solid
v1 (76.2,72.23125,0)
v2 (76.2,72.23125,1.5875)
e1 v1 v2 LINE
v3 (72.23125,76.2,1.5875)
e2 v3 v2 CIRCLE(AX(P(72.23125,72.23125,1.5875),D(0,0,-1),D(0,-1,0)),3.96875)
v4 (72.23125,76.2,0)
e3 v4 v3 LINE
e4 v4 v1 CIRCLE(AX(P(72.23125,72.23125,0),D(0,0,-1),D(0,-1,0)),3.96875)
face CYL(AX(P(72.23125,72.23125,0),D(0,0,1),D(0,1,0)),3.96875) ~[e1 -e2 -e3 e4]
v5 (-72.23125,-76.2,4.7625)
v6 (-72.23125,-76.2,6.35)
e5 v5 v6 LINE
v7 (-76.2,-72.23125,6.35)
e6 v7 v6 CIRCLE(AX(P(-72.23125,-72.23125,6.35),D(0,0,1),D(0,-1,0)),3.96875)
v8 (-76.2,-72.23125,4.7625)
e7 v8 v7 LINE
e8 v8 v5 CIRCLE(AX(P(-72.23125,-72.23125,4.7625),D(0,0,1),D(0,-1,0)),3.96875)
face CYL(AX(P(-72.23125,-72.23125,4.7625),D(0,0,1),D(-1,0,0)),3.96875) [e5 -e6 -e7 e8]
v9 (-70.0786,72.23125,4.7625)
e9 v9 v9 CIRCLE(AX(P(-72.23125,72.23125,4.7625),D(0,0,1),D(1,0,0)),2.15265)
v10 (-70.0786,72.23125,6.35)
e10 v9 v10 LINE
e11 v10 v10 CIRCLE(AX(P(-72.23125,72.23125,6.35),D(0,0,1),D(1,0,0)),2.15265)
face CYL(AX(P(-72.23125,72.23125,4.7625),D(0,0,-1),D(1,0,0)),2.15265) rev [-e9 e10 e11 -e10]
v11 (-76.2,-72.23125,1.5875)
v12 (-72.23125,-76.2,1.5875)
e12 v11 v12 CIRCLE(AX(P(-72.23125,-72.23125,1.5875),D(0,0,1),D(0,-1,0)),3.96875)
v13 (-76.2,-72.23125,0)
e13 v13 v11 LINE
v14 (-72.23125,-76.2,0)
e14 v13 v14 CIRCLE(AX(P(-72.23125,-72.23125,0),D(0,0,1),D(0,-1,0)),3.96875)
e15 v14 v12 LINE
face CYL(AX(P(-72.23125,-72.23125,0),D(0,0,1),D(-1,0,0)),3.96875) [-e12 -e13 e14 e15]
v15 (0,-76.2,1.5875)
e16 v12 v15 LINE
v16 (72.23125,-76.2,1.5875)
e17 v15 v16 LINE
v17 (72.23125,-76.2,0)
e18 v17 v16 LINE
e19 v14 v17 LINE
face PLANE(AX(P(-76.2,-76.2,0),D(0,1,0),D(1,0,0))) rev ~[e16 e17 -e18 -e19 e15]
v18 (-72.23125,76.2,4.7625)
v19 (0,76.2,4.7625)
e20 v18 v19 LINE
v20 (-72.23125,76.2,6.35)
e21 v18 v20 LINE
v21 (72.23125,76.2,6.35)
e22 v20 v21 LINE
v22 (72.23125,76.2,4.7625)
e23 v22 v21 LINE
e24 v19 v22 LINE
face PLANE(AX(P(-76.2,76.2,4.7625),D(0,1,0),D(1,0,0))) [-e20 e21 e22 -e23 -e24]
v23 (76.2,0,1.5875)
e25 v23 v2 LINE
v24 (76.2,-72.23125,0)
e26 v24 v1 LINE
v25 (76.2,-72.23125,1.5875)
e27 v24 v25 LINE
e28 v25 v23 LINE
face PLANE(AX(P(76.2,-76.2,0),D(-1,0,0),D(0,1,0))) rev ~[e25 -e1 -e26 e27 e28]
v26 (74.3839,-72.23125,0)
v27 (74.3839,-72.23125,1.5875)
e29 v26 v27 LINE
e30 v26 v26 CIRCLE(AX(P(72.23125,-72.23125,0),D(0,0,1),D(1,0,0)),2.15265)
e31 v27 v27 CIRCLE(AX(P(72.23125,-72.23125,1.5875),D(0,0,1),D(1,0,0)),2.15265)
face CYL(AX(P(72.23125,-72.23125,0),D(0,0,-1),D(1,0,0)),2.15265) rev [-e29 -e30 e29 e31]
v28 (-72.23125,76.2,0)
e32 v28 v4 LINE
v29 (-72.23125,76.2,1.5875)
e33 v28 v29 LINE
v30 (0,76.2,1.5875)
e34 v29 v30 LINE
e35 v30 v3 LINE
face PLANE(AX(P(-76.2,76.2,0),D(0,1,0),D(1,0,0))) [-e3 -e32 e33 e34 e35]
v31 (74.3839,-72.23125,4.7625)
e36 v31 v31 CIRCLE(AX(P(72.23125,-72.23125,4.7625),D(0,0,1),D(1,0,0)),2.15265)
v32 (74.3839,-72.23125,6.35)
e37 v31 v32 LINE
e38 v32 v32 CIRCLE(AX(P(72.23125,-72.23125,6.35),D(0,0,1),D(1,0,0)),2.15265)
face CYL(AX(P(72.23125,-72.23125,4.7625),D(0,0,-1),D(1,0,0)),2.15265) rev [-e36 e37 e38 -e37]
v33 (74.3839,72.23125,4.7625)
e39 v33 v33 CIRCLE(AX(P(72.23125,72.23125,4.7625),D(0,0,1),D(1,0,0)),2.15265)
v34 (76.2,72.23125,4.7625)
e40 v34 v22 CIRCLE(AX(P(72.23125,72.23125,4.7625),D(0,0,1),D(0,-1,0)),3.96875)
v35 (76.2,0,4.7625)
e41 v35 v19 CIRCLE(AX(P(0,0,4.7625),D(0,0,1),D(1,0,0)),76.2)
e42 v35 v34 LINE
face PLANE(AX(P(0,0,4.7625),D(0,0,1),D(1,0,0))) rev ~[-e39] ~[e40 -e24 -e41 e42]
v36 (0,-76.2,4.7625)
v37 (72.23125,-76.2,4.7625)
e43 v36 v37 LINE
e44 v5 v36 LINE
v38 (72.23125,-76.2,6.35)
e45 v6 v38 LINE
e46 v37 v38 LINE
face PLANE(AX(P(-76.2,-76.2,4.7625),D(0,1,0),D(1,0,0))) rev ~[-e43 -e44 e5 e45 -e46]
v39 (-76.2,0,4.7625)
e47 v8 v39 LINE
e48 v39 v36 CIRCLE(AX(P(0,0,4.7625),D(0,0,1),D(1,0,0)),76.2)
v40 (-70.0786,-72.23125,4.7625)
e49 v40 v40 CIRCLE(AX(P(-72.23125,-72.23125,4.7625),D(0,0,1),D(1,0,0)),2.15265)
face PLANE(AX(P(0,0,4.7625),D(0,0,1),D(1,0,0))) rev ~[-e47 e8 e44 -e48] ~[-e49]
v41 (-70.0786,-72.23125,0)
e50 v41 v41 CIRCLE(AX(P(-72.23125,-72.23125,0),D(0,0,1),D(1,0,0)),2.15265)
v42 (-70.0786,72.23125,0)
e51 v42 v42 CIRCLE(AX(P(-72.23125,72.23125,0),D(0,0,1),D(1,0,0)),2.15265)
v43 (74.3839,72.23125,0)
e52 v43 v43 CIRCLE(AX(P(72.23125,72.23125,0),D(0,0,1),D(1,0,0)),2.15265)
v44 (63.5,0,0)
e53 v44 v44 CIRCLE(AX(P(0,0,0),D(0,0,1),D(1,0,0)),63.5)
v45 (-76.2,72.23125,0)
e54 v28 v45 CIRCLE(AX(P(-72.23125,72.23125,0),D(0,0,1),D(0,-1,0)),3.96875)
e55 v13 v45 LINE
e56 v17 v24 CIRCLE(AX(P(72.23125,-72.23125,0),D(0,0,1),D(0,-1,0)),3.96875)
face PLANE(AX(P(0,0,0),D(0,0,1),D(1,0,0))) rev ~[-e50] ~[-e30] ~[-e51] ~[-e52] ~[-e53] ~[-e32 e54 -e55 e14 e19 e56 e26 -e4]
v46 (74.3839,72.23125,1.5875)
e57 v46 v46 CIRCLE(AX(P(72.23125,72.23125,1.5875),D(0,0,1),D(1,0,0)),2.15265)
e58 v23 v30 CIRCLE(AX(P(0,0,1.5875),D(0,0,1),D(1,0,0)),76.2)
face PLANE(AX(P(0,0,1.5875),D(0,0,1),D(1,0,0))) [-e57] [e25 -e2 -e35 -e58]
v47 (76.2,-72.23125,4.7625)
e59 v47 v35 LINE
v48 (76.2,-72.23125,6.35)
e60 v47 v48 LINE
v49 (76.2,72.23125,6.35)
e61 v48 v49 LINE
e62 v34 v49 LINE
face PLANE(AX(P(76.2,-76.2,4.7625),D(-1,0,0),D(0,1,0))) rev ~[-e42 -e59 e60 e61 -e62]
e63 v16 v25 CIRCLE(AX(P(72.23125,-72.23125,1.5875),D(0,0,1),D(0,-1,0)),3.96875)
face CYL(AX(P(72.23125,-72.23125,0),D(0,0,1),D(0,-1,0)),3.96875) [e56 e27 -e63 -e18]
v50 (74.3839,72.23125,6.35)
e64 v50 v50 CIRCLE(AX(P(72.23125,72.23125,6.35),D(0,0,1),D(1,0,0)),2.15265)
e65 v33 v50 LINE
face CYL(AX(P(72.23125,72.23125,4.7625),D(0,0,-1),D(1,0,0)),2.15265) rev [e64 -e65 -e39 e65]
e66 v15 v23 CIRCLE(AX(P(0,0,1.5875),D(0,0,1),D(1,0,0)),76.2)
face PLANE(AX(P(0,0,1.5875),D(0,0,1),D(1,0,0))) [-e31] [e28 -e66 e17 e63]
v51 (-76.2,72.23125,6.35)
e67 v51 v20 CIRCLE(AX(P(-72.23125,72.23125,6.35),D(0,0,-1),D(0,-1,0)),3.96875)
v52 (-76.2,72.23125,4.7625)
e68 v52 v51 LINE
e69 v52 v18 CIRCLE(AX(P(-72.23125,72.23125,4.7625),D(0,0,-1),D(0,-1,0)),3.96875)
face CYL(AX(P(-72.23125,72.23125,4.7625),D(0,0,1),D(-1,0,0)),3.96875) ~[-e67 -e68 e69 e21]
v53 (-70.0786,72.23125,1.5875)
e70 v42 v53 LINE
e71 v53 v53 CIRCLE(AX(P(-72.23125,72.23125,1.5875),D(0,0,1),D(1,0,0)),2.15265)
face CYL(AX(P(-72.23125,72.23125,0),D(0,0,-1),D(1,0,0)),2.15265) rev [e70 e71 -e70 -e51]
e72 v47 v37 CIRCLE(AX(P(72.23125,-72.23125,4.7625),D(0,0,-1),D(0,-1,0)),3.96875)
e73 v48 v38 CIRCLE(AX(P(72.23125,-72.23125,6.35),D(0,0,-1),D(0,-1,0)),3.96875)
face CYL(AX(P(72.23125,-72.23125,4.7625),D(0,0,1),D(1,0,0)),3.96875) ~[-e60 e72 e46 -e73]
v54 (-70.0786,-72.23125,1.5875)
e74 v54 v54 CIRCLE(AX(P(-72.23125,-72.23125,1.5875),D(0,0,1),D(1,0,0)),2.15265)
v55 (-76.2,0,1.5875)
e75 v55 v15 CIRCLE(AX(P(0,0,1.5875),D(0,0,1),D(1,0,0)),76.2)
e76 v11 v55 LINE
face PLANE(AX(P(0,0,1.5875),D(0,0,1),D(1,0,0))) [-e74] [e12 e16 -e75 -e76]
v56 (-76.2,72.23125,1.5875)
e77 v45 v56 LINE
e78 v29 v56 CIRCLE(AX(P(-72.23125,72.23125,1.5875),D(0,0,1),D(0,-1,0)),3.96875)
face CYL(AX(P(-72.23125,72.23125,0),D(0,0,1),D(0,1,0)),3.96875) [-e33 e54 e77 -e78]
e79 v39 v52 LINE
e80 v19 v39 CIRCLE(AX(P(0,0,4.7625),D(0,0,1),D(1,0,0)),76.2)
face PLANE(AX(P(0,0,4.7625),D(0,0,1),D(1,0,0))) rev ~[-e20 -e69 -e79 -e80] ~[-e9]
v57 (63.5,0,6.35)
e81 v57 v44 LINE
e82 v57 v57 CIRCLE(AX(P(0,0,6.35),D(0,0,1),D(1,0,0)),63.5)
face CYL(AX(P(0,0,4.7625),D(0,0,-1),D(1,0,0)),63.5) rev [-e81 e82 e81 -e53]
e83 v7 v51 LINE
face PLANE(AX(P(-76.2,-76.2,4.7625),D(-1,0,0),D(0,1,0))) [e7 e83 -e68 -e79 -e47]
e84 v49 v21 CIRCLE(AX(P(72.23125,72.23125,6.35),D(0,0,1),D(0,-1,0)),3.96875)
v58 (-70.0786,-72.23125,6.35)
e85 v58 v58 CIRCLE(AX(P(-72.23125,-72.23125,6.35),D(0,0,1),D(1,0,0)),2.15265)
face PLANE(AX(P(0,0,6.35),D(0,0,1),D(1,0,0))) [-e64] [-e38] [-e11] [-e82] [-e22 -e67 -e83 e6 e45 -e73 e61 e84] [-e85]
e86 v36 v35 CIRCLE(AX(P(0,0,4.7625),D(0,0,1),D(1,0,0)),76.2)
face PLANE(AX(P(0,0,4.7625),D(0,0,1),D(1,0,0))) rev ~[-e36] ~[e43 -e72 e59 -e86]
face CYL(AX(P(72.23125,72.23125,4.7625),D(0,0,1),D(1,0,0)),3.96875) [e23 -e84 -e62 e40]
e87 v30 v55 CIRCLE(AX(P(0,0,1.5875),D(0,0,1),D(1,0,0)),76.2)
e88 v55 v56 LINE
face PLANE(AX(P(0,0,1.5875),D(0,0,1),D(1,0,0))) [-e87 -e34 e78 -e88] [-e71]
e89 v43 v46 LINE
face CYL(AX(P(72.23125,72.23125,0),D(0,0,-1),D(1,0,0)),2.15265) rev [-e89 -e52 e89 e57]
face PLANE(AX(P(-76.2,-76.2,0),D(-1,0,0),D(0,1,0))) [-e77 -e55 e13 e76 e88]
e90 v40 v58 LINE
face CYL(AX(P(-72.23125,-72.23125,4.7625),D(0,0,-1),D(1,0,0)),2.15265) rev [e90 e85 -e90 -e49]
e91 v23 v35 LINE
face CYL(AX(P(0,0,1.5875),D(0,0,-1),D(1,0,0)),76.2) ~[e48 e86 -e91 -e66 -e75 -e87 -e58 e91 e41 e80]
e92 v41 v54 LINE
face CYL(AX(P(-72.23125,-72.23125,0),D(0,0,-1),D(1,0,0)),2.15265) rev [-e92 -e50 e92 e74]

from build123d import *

# Parameters (mm, degrees)
F0_W     = 152.4
F0_H     = 152.4
F0_R     = 2.15265
F0_R_2   = 63.5
F1_DEPTH = 1.5875
F2_R     = 76.2
F2_R_2   = 63.5
F3_DEPTH = 3.175
F4_W     = 152.4
F4_H     = 152.4
F4_R     = 2.15265
F4_R_2   = 63.5
F5_DEPTH = 1.5875
F6_R     = 3.96875


with BuildPart() as f1:
    # F0 (on Top) → F1 (new body)
    with BuildSketch(Plane.XY):
        Rectangle(F0_W, F0_H)
        with Locations((-72.23125, -72.23125)):
            Circle(F0_R, mode=Mode.SUBTRACT)
        with Locations((72.23125, -72.23125)):
            Circle(F0_R, mode=Mode.SUBTRACT)
        with Locations((-72.23125, 72.23125)):
            Circle(F0_R, mode=Mode.SUBTRACT)
        Circle(F0_R_2, mode=Mode.SUBTRACT)
        with Locations((72.23125, 72.23125)):
            Circle(F0_R, mode=Mode.SUBTRACT)
    extrude(amount=F1_DEPTH)

    # F2 (on face) → F3 (join)
    with BuildSketch(Plane.XY.offset(1.5875)):
        Circle(F2_R)
        Circle(F2_R_2, mode=Mode.SUBTRACT)
    extrude(amount=F3_DEPTH)

    # F4 (on face) → F5 (join)
    with BuildSketch(Plane.XY.offset(4.7625)):
        Rectangle(F4_W, F4_H)
        with Locations((-72.23125, -72.23125)):
            Circle(F4_R, mode=Mode.SUBTRACT)
        with Locations((72.23125, -72.23125)):
            Circle(F4_R, mode=Mode.SUBTRACT)
        with Locations((-72.23125, 72.23125)):
            Circle(F4_R, mode=Mode.SUBTRACT)
        Circle(F4_R_2, mode=Mode.SUBTRACT)
        with Locations((72.23125, 72.23125)):
            Circle(F4_R, mode=Mode.SUBTRACT)
    extrude(amount=F5_DEPTH)

    # F6
    f6_edges = [f1.edges().sort_by_distance(p)[0] for p in [
        (-76.2, 76.2, 0.79375),
        (-76.2, -76.2, 0.79375),
        (76.2, -76.2, 0.79375),
        (76.2, 76.2, 0.79375),
        (-76.2, 76.2, 5.55625),
        (-76.2, -76.2, 5.55625),
        (76.2, -76.2, 5.55625),
        (76.2, 76.2, 5.55625),
    ]]
    fillet(f6_edges, radius=F6_R)


solid = f1.part
